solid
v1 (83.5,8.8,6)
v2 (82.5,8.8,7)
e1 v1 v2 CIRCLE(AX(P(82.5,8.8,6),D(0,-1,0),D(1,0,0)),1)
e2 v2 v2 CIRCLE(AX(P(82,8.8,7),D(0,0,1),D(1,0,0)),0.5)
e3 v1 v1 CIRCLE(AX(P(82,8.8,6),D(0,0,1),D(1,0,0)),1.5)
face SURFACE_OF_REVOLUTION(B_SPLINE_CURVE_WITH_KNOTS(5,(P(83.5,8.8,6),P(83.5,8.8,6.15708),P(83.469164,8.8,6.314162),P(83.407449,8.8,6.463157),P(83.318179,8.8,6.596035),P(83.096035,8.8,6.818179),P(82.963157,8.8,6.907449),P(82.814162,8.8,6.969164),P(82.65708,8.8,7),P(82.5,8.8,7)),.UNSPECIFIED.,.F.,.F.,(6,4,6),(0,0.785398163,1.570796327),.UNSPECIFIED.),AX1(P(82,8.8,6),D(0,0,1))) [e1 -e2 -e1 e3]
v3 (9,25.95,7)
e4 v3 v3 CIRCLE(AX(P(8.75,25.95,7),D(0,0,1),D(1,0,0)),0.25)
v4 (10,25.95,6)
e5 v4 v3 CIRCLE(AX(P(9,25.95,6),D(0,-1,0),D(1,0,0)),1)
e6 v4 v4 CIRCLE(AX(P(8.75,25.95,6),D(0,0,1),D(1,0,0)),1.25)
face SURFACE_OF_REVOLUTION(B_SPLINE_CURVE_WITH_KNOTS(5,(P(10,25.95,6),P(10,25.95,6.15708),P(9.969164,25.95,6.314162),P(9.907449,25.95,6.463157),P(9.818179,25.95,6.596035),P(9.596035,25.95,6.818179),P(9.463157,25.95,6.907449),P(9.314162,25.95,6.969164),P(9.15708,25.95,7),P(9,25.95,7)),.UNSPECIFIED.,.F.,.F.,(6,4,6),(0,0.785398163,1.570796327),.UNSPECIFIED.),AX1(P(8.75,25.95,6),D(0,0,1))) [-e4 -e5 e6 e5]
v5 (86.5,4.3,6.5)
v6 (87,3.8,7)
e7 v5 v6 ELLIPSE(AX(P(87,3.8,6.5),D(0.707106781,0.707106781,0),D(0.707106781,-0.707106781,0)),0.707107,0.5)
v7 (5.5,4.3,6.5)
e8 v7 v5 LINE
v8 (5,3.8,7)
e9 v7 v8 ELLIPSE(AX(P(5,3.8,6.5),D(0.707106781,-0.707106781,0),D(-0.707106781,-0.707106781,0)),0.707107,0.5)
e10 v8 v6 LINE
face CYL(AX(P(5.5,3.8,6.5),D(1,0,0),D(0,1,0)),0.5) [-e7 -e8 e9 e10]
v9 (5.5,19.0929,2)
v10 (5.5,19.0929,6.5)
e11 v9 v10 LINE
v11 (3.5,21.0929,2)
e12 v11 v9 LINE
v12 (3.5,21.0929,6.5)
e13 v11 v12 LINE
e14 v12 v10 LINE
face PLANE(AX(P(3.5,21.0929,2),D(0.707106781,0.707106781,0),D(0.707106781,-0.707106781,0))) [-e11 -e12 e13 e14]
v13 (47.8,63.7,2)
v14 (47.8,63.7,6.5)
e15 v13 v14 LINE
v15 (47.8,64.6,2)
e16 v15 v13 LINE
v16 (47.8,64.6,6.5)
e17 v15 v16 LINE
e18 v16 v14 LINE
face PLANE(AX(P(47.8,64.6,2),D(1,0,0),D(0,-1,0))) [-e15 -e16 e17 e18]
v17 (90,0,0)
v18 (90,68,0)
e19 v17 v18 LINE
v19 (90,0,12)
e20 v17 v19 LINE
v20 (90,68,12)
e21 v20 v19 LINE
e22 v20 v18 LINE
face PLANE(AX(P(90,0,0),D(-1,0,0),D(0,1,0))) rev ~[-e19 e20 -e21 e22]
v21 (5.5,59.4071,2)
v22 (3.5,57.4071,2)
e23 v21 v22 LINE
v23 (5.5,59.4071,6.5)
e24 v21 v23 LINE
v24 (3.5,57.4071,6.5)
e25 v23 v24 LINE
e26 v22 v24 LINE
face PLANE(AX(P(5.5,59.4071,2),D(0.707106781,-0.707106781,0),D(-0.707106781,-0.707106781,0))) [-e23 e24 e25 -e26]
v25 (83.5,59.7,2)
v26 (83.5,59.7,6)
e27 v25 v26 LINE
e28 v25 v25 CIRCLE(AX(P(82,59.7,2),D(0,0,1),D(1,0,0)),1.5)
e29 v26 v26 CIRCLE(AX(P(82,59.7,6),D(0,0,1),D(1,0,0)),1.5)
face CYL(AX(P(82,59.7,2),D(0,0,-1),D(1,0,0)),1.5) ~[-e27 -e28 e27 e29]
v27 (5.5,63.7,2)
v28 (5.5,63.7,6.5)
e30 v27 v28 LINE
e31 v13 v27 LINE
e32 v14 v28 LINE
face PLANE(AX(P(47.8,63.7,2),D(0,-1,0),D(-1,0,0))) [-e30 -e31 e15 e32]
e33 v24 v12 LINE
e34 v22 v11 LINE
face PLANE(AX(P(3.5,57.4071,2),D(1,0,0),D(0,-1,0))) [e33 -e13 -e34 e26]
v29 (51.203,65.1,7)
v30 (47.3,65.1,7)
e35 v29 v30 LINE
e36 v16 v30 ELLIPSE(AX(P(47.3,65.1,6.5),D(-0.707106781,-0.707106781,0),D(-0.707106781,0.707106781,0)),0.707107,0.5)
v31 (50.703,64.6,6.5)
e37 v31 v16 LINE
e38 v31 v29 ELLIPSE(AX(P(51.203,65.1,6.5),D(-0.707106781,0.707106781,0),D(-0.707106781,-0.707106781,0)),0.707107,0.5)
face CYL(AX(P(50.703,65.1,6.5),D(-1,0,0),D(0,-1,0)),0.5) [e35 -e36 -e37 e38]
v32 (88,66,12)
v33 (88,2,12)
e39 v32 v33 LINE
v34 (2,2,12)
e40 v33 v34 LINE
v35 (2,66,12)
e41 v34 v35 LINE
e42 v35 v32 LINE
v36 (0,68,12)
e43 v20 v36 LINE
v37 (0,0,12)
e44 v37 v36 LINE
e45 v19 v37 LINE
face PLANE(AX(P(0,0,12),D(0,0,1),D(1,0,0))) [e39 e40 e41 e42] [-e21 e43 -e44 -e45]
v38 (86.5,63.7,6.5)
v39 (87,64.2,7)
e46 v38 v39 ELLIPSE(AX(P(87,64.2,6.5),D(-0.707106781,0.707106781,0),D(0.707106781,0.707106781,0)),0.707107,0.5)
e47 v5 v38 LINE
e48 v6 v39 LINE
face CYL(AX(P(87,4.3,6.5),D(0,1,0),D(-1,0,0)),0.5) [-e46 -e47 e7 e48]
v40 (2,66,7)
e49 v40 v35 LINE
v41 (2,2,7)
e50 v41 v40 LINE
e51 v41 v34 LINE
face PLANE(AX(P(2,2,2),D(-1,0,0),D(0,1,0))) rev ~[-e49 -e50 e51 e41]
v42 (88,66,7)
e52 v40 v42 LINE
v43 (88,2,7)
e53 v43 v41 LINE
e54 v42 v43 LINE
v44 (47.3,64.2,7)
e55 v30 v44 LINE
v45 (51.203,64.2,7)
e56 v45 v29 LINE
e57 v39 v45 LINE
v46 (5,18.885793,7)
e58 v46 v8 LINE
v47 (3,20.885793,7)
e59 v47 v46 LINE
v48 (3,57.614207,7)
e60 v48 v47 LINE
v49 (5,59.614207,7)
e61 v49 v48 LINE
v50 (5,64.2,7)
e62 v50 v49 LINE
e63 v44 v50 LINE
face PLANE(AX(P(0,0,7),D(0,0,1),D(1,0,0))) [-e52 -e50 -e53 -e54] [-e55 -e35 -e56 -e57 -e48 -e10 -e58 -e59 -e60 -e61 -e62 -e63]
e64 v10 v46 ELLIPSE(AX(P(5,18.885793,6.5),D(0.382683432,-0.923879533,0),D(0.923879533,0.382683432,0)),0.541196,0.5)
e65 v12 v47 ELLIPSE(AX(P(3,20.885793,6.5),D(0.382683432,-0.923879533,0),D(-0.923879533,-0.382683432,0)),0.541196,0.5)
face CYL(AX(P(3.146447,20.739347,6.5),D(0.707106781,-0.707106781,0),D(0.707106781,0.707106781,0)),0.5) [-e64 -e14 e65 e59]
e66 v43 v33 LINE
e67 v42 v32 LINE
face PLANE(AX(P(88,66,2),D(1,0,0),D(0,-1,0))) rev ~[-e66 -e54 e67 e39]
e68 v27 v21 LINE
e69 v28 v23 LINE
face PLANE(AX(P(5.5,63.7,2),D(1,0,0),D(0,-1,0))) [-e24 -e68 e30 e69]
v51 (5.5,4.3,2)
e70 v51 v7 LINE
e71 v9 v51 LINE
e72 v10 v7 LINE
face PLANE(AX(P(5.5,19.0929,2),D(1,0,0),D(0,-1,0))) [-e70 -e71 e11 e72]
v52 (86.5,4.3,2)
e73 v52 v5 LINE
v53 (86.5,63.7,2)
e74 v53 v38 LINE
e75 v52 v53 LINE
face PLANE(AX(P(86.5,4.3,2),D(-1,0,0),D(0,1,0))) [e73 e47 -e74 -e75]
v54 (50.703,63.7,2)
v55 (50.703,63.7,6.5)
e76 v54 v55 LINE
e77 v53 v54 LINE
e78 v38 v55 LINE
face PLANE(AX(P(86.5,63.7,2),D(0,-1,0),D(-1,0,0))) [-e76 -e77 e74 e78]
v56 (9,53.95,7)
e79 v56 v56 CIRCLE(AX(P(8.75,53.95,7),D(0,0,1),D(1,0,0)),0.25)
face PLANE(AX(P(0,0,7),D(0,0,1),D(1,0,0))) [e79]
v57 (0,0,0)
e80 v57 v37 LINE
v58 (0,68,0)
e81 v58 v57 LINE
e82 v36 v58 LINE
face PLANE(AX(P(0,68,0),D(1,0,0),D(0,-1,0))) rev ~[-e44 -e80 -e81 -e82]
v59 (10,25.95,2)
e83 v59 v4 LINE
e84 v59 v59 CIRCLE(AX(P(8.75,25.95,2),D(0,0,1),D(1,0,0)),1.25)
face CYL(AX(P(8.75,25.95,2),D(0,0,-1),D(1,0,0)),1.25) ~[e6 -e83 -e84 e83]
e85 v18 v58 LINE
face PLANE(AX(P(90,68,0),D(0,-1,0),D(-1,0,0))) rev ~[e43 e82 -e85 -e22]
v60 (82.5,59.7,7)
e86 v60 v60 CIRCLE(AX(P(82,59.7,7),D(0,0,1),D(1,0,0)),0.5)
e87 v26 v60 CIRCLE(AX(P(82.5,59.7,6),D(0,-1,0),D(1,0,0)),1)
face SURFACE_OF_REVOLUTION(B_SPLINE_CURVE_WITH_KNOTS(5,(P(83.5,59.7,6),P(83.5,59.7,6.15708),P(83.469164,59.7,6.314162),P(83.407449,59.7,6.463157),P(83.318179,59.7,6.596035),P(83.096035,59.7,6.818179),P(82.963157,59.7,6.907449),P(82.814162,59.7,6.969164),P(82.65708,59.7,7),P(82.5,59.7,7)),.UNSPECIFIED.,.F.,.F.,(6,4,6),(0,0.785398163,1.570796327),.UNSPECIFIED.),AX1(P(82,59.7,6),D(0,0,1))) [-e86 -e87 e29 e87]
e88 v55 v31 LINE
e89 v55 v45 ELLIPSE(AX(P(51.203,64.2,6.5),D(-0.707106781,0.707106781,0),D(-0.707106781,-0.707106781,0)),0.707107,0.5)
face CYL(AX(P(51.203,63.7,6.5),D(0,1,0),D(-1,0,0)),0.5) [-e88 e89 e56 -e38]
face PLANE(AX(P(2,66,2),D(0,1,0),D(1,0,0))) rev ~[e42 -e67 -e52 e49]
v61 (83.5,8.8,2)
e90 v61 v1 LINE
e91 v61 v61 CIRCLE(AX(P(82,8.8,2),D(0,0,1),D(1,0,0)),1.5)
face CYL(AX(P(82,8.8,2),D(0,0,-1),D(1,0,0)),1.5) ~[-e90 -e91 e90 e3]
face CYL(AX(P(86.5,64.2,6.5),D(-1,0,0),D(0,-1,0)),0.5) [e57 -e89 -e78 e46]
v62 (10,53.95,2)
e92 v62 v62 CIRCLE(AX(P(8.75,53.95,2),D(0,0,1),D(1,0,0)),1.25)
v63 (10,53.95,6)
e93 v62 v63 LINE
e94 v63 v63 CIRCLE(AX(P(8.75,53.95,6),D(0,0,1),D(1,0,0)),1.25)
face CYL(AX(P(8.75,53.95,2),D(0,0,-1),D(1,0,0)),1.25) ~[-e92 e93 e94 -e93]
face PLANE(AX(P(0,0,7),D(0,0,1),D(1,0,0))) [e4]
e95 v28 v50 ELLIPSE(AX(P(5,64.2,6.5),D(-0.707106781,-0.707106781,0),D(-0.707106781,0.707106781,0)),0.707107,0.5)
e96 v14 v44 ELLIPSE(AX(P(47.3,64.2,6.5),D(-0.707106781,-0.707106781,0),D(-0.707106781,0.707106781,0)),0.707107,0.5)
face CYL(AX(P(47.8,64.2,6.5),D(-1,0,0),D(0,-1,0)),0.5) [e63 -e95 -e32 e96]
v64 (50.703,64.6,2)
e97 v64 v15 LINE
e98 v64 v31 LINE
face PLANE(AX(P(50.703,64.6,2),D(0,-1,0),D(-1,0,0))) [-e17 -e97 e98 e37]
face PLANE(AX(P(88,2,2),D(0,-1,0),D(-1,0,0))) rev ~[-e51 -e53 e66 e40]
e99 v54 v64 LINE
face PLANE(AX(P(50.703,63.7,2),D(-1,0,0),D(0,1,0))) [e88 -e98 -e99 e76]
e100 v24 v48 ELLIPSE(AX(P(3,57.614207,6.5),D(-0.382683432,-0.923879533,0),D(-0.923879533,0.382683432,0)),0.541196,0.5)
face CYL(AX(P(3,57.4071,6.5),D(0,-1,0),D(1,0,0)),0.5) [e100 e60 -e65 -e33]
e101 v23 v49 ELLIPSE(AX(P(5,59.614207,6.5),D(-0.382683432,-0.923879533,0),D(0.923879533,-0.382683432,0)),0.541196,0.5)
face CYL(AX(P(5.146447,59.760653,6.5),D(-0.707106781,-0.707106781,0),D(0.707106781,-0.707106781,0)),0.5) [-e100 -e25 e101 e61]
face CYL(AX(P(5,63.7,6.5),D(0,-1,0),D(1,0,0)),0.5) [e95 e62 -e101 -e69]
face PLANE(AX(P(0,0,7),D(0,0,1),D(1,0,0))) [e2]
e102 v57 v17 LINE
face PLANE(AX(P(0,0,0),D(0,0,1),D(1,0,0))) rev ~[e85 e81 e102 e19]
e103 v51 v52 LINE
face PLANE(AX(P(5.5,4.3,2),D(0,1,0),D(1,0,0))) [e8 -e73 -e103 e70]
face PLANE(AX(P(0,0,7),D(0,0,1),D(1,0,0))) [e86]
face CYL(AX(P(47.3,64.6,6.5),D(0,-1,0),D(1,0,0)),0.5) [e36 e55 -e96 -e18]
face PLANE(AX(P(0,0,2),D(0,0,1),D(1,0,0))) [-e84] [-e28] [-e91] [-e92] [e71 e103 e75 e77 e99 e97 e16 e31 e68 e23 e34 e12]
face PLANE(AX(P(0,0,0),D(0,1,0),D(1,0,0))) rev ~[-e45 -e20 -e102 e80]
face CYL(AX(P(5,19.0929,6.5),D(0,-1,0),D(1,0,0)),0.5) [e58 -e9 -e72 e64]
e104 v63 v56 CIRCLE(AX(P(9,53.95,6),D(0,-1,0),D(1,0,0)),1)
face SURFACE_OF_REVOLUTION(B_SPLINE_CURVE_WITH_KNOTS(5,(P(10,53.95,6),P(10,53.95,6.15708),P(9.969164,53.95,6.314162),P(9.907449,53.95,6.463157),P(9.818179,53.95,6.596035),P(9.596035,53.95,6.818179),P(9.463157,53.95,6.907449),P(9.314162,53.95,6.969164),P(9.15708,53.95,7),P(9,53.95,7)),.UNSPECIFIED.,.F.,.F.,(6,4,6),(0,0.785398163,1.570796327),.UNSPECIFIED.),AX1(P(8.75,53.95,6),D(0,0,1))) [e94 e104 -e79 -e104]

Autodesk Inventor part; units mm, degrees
ref_plane "YZ Plane" through (0, 0, 0) normal (1, 0, 0) x (0, 1, 0)
ref_plane "XZ Plane" through (0, 0, 0) normal (0, 1, 0) x (-1, 0, 0)
ref_plane "XY Plane" through (0, 0, 0) normal (0, 0, 1) x (1, 0, 0)
sketch "Sketch1" plane through (0, 0, 0) normal (0, 0, 1) x (1, 0, 0)
  line L0 (0, 0) -> (90, 0)
  line L1 (90, 0) -> (90, 68)
  line L2 (90, 68) -> (0, 68)
  line L3 (0, 68) -> (0, 0)
  dimension "d0" = 90
  dimension "d1" = 68
extrude "Extrusion1" add sketch "Sketch1" along normal blind 2
sketch "Sketch2" plane through (0, 0, 2) normal (0, 0, 1) x (1, 0, 0)
  line L0 (90, 68) -> (0, 68) projected
  line L1 (0, 68) -> (90, 68)
  line L2 (90, 68) -> (90, 0)
  line L3 (90, 0) -> (0, 0)
  line L4 (0, 0) -> (0, 68)
  line L5 (2, 66) -> (88, 66)
  line L6 (88, 66) -> (88, 2)
  line L7 (88, 2) -> (2, 2)
  line L8 (2, 2) -> (2, 66)
  dimension "d4" = 2
  dimension "d5" = 2
  dimension "d6" = 2
  dimension "d7" = 2
extrude "Extrusion2" add sketch "Sketch2" along normal blind 10
sketch "Sketch3" plane through (0, 0, 2) normal (0, 0, 1) x (1, 0, 0)
  line L0 (6, 63.2) -> (86, 63.2)
  line L1 (86, 63.2) -> (86, 4.8)
  line L2 (86, 4.8) -> (6, 4.8)
  line L3 (4, 21.3) -> (4, 57.2)
  line L4 (2, 66) -> (88, 66) projected
  line L5 (0, 0) -> (90, 0) projected
  line L6 (90, 68) -> (0, 68) projected
  line L7 (88, 2) -> (2, 2) projected
  line L8 (2, 2) -> (2, 66) projected
  line L9 (88, 66) -> (88, 2) projected
  line L10 (47.8, 63.2) -> (50.703, 63.2)
  line L11 (50.703, 63.2) -> (50.703, 64.6)
  line L12 (50.703, 64.6) -> (47.8, 64.6)
  line L13 (47.8, 64.6) -> (47.8, 63.2)
  circle A0 centre (82, 59.7) radius 1.5
  line L14 (4, 57.2) -> (6, 59.2)
  line L15 (4, 57.2) -> (6.8284, 57.2) construction
  line L16 (6, 59.2) -> (6, 63.2)
  line L17 (4, 21.3) -> (6, 19.3)
  line L18 (4, 21.3) -> (6.8284, 21.3) construction
  line L19 (6, 19.3) -> (6, 4.8)
  circle A1 centre (8.75, 53.95) radius 1.25
  circle A2 centre (8.75, 25.95) radius 1.25
  line L20 (86.5, 63.7) -> (5.5, 63.7)
  line L21 (5.5, 63.7) -> (5.5, 59.4071)
  line L22 (5.5, 59.4071) -> (3.5, 57.4071)
  line L23 (3.5, 57.4071) -> (3.5, 21.0929)
  line L24 (3.5, 21.0929) -> (5.5, 19.0929)
  line L25 (5.5, 19.0929) -> (5.5, 4.3)
  line L26 (5.5, 4.3) -> (86.5, 4.3)
  line L27 (86.5, 4.3) -> (86.5, 63.7)
  circle A3 centre (82, 8.8) radius 1.5
  dimension "d11" = 58.4
  dimension "d12" = 2.8
  dimension "d14" = 64
  dimension "d18" = 2
  dimension "d19" = 86
  dimension "d20" = 38.2
  dimension "d21" = 1.4
  dimension "d22" = 3
  dimension "d23" = 3.5
  dimension "d24" = 4
  dimension "d25" = 45
  dimension "d26" = 4
  dimension "d28" = 45
  dimension "d30" = 2
  dimension "d31" = 2
  dimension "d32" = 82
  dimension "d33" = 2.5
  dimension "d34" = 4.75
  dimension "d36" = 2.5
  dimension "d38" = 25.5
  dimension "d39" = 8
  dimension "d40" = 14.5
  dimension "d41" = 39.9
  dimension "d42" = 0.5
  dimension "d45" = 3
  dimension "d47" = 2.5
extrude "Extrusion3" add sketch "Sketch3" along normal blind 5
fillet "Fillet1" radius 1 4 edges at (7.5, 53.95, 7) (7.5, 25.95, 7) (80.5, 59.7, 7) (80.5, 8.8, 7)
fillet "Fillet2" radius 0.5 12 edges at (26.65, 63.7, 7) (5.5, 61.5536, 7) (4.5, 58.4071, 7) (3.5, 39.25, 7) (4.5, 20.0929, 7) (5.5, 11.6964, 7) (46, 4.3, 7) (86.5, 34, 7) (68.6015, 63.7, 7) (49.2515, 64.6, 7) (50.703, 64.15, 7) (47.8, 64.15, 7)
equation "\"d12\" = -0.5 * d11 + 0.5 * d14"
equation "\"d18\" = -0.5 * d10 + 0.5 * d19"
equation "\"d10\" = 82"
properties part number "Lådaprototyp"
